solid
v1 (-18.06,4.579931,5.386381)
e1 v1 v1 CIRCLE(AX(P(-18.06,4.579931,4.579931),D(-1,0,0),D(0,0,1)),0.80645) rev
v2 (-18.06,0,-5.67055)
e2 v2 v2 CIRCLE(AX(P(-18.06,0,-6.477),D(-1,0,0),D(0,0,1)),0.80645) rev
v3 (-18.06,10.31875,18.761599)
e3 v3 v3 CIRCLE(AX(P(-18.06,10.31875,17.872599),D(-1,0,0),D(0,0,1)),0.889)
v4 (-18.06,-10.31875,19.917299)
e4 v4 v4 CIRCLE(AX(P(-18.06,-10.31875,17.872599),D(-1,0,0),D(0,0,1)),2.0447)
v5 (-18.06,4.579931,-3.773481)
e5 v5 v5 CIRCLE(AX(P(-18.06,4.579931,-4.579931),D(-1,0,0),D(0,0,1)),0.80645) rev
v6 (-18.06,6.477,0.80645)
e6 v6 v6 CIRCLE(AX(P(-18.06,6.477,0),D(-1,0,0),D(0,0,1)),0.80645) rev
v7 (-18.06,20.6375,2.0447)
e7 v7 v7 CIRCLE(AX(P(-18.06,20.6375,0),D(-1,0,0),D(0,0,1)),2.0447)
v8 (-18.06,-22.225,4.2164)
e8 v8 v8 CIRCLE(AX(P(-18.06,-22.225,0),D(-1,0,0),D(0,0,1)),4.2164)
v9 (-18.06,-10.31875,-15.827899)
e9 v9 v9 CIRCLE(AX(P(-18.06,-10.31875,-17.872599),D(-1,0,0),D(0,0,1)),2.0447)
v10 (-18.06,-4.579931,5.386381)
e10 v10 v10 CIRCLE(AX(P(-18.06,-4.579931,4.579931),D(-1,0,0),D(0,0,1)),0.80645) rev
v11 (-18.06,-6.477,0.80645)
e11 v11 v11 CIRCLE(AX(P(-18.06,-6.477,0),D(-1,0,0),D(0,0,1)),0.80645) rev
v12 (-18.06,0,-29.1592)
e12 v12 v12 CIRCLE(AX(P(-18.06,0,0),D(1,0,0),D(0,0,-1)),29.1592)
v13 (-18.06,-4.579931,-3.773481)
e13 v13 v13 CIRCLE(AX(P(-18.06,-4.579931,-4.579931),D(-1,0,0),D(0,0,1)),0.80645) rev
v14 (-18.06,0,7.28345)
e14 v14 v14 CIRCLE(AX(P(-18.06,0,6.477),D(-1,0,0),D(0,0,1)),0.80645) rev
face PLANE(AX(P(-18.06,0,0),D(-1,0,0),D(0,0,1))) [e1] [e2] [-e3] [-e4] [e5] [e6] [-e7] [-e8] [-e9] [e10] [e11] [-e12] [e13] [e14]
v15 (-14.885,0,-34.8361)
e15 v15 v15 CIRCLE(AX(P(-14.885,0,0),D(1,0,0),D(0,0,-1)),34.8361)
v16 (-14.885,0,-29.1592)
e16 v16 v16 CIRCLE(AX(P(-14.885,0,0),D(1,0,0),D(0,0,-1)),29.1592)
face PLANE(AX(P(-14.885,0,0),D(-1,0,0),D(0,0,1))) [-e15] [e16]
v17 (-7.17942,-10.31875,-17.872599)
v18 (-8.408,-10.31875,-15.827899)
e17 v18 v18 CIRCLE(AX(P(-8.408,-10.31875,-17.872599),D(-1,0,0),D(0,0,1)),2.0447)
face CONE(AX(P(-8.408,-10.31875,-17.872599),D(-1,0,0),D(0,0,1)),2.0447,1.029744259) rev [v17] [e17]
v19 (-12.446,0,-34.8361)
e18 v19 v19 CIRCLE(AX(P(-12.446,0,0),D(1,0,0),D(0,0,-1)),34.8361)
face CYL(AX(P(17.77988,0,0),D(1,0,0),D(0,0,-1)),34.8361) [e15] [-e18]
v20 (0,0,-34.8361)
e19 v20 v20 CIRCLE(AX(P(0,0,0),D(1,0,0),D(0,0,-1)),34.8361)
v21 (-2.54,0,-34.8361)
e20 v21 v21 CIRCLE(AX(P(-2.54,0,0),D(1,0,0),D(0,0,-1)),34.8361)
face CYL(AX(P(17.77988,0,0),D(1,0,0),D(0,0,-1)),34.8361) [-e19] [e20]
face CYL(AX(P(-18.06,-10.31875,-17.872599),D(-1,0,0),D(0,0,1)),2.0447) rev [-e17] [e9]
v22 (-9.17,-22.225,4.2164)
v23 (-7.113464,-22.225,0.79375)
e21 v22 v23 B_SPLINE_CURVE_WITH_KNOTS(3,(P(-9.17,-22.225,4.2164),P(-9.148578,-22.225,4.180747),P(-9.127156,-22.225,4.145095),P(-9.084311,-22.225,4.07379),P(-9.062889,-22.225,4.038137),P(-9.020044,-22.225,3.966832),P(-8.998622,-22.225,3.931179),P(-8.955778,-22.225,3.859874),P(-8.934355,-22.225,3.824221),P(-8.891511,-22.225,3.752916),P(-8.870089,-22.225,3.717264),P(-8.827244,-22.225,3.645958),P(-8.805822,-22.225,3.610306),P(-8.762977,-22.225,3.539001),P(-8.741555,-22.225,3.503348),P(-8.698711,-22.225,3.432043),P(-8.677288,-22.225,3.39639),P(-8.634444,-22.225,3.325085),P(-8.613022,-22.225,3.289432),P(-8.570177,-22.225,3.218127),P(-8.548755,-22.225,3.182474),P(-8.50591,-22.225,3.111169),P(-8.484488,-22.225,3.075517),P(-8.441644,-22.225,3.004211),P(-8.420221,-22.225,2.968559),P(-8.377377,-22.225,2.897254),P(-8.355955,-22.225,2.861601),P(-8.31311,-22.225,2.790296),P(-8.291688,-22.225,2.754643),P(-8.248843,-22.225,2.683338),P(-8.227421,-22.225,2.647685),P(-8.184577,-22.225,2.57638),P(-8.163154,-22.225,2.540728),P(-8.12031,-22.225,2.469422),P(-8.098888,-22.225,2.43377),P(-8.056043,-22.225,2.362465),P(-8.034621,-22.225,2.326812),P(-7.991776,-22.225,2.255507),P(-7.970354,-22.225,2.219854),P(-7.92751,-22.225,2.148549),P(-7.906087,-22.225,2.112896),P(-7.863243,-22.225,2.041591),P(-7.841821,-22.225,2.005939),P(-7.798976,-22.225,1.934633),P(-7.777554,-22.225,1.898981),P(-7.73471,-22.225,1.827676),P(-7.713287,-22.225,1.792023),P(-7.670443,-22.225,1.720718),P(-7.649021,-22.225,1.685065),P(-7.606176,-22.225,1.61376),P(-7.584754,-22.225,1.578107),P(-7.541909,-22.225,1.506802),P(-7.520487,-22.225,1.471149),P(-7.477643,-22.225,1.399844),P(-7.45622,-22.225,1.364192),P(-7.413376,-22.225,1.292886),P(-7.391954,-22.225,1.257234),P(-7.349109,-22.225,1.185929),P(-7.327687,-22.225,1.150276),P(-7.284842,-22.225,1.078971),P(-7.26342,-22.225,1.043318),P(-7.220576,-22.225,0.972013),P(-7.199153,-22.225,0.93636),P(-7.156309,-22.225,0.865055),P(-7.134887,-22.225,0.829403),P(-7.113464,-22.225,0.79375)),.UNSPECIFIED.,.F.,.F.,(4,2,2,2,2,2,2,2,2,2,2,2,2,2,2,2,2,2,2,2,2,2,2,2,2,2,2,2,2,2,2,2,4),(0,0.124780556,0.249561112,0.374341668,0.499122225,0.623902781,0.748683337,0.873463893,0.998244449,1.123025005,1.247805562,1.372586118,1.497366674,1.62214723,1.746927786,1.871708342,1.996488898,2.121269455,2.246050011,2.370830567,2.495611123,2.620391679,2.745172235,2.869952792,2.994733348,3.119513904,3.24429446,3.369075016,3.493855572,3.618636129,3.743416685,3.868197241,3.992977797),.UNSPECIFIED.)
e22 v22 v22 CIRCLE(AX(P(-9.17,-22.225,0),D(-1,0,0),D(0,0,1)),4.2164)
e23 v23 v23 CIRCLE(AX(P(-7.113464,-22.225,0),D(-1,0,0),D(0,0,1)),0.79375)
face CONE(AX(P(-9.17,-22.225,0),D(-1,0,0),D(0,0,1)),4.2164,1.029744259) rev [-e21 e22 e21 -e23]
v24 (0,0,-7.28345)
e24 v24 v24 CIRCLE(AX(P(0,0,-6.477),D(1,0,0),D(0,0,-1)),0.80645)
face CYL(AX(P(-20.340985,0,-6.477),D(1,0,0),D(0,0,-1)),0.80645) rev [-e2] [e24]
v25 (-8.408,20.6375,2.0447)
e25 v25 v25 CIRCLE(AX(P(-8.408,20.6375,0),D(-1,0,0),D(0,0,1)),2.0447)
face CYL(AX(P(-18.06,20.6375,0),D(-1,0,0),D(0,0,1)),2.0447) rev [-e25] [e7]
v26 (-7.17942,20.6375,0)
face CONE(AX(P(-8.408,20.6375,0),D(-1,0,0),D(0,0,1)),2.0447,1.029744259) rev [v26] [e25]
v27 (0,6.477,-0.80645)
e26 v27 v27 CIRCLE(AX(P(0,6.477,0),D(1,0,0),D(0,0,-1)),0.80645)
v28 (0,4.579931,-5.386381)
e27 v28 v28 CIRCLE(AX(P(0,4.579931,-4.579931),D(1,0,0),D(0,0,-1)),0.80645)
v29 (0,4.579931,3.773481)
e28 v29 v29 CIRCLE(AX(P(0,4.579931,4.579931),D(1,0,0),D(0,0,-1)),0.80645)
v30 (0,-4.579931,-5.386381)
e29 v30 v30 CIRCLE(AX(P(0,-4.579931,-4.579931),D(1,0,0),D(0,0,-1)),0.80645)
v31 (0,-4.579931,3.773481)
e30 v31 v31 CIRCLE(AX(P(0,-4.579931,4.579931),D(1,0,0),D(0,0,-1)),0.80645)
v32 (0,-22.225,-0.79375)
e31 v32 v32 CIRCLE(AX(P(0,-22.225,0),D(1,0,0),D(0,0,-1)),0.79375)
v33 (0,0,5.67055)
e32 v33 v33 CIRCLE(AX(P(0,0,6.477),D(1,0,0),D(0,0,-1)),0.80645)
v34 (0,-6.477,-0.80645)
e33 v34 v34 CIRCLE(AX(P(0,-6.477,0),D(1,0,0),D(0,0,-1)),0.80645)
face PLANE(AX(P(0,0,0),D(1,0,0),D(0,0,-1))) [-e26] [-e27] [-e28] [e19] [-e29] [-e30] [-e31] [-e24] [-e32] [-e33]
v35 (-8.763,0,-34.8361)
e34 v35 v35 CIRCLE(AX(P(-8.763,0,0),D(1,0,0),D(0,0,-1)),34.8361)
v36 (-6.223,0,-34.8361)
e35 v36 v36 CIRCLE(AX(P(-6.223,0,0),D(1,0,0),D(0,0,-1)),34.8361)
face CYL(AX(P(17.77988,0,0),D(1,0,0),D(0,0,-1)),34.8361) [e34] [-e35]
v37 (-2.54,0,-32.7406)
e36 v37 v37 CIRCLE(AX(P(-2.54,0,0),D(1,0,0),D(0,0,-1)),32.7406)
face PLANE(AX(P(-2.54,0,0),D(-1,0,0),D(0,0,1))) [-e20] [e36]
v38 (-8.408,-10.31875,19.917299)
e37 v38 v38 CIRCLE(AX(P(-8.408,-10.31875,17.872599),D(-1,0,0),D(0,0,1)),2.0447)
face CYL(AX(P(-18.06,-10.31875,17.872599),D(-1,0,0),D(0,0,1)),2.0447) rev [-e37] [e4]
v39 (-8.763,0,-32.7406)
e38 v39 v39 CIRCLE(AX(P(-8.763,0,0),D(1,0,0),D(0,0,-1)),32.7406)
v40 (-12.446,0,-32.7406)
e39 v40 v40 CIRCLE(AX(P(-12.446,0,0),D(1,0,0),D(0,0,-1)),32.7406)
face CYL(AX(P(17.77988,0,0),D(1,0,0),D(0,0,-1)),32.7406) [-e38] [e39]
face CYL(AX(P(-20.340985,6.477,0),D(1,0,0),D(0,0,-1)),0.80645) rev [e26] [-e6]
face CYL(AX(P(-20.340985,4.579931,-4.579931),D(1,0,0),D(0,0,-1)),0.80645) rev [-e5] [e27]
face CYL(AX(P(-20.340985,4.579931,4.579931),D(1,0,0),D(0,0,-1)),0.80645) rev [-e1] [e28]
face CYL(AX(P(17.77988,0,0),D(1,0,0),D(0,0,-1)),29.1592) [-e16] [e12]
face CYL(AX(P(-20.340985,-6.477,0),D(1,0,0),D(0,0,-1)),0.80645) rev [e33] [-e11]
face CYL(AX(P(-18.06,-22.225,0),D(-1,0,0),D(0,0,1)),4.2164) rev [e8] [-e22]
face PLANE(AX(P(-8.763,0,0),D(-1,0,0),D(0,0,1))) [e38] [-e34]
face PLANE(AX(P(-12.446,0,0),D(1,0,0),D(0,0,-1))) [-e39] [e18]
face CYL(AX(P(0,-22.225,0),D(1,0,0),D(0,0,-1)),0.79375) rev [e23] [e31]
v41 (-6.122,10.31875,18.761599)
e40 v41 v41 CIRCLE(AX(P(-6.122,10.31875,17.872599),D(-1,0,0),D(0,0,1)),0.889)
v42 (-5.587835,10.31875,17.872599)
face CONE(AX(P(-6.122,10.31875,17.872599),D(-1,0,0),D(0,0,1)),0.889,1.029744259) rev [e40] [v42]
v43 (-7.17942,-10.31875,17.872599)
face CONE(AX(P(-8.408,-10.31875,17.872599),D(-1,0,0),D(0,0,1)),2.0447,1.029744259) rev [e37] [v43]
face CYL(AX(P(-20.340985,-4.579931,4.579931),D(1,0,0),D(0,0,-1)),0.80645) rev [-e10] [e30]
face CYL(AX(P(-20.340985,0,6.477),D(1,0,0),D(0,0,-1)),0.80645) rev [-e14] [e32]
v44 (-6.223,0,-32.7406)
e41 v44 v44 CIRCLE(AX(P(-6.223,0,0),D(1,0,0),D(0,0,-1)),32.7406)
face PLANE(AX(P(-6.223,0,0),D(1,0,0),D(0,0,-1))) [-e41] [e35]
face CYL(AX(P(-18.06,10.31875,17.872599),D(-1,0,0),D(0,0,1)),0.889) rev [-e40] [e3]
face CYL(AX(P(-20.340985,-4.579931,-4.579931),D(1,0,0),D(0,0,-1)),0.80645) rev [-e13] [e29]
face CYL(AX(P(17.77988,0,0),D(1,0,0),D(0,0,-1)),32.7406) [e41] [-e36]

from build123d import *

# Parameters (mm, degrees)
CIRPATTERN2_COUNT              = 3
F_50_0_07_DIAMETER_HOLE1_D     = 1.778
F_50_0_07_DIAMETER_HOLE1_DEPTH = 11.938
F_50_0_07_DIAMETER_HOLE1_TIP   = 0.53416509
SKETCH60_R                     = 4.7625
BOSS_EXTRUDE4_DEPTH            = 5.461
CUT_EXTRUDE1_REACH             = 54.472
SKETCH54_R                     = 0.80645
F_1_16_0_0625_DIAMETER_HOLE1_D = 1.5875
Q_0_332_DIAMETER_HOLE2_D       = 8.4328
Q_0_332_DIAMETER_HOLE2_DEPTH   = 8.89
Q_0_332_DIAMETER_HOLE2_TIP     = 2.533468714


with BuildPart() as part:
    # Sketch1 → Revolve1 (revolve)
    with BuildSketch(Plane.XY, mode=Mode.PRIVATE) as revolve1_sk:
        Polygon((-12.599, 0), (0, 0), (0, 34.8361), (-2.54, 34.8361), (-2.54, 32.7406), (-6.223, 32.7406), (-6.223, 34.8361), (-8.763, 34.8361), (-8.763, 32.7406), (-12.446, 32.7406), (-12.446, 34.8361), (-14.885, 34.8361), (-14.885, 29.1592), (-18.06, 29.1592), (-18.06, 4.7625), (-12.599, 4.7625), align=None)
    revolve(revolve1_sk.sketch.rotate(Axis((17.779879847, 0, 0), (-1, 0, 0)), 90), axis=Axis((17.779879847, 0, 0), (-1, 0, 0)))

    # Sketch24 → #20 (0.161) Diameter Hole1 (revolve, cut)
    with BuildSketch(Plane(origin=(-18.06, 20.6375, 0), x_dir=(0, 0, 1), z_dir=(0, 1, 0))):
        Polygon((0, 0), (0, 10.880579708), (2.0447, 9.652), (2.0447, 0), align=None)
    f_20_0_161_diameter_hole1 = revolve(axis=Axis((-24.41, 20.6375, 0), (1, 0, 0)), mode=Mode.SUBTRACT)

    # CirPattern2: #20 (0.161) Diameter Hole1 ×3 about axis
    cirpattern2_axis = Axis((0, 0, 0), (1, 0, 0))
    for i in range(1, CIRPATTERN2_COUNT):
        add(f_20_0_161_diameter_hole1.rotate(cirpattern2_axis, i * 360 / CIRPATTERN2_COUNT), mode=Mode.SUBTRACT)

    # #50 (0.07) Diameter Hole1
    with Locations(Plane.ZY.offset(18.06)):
        with Locations((17.872599271, 10.31875)):
            Hole(F_50_0_07_DIAMETER_HOLE1_D / 2, depth=F_50_0_07_DIAMETER_HOLE1_DEPTH)
            with Locations((0, 0, -(F_50_0_07_DIAMETER_HOLE1_DEPTH + F_50_0_07_DIAMETER_HOLE1_TIP / 2))):  # 118° drill point
                Cone(0, F_50_0_07_DIAMETER_HOLE1_D / 2, F_50_0_07_DIAMETER_HOLE1_TIP, mode=Mode.SUBTRACT)

    # Sketch60 → Boss-Extrude4 (add)
    with BuildSketch(Plane.ZY.offset(12.599)):
        Circle(SKETCH60_R)
    extrude(amount=BOSS_EXTRUDE4_DEPTH)

    # Sketch54 → Cut-Extrude1 (cut, up to next)
    with BuildSketch(Plane(origin=(0, 0, 0), x_dir=(0, 0, -1), z_dir=(1, 0, 0)), mode=Mode.PRIVATE) as cut_extrude1_sk1:
        with Locations((0, 6.477)):
            Circle(SKETCH54_R)
    cut_extrude1_tool1 = extrude(cut_extrude1_sk1.sketch, amount=-CUT_EXTRUDE1_REACH, mode=Mode.PRIVATE) & part.part
    # Sketch54 → Cut-Extrude1 (cut, up to next)
    with BuildSketch(Plane(origin=(0, 0, 0), x_dir=(0, 0, -1), z_dir=(1, 0, 0)), mode=Mode.PRIVATE) as cut_extrude1_sk2:
        with Locations((4.579930622, 4.579930622)):
            Circle(SKETCH54_R)
    cut_extrude1_tool2 = extrude(cut_extrude1_sk2.sketch, amount=-CUT_EXTRUDE1_REACH, mode=Mode.PRIVATE) & part.part
    # Sketch54 → Cut-Extrude1 (cut, up to next)
    with BuildSketch(Plane(origin=(0, 0, 0), x_dir=(0, 0, -1), z_dir=(1, 0, 0)), mode=Mode.PRIVATE) as cut_extrude1_sk3:
        with Locations((6.477, 0)):
            Circle(SKETCH54_R)
    cut_extrude1_tool3 = extrude(cut_extrude1_sk3.sketch, amount=-CUT_EXTRUDE1_REACH, mode=Mode.PRIVATE) & part.part
    # Sketch54 → Cut-Extrude1 (cut, up to next)
    with BuildSketch(Plane(origin=(0, 0, 0), x_dir=(0, 0, -1), z_dir=(1, 0, 0)), mode=Mode.PRIVATE) as cut_extrude1_sk4:
        with Locations((4.579930622, -4.579930622)):
            Circle(SKETCH54_R)
    cut_extrude1_tool4 = extrude(cut_extrude1_sk4.sketch, amount=-CUT_EXTRUDE1_REACH, mode=Mode.PRIVATE) & part.part
    # Sketch54 → Cut-Extrude1 (cut, up to next)
    with BuildSketch(Plane(origin=(0, 0, 0), x_dir=(0, 0, -1), z_dir=(1, 0, 0)), mode=Mode.PRIVATE) as cut_extrude1_sk5:
        with Locations((0, -6.477)):
            Circle(SKETCH54_R)
    cut_extrude1_tool5 = extrude(cut_extrude1_sk5.sketch, amount=-CUT_EXTRUDE1_REACH, mode=Mode.PRIVATE) & part.part
    # Sketch54 → Cut-Extrude1 (cut, up to next)
    with BuildSketch(Plane(origin=(0, 0, 0), x_dir=(0, 0, -1), z_dir=(1, 0, 0)), mode=Mode.PRIVATE) as cut_extrude1_sk6:
        with Locations((-4.579930622, -4.579930622)):
            Circle(SKETCH54_R)
    cut_extrude1_tool6 = extrude(cut_extrude1_sk6.sketch, amount=-CUT_EXTRUDE1_REACH, mode=Mode.PRIVATE) & part.part
    # Sketch54 → Cut-Extrude1 (cut, up to next)
    with BuildSketch(Plane(origin=(0, 0, 0), x_dir=(0, 0, -1), z_dir=(1, 0, 0)), mode=Mode.PRIVATE) as cut_extrude1_sk7:
        with Locations((-6.477, 0)):
            Circle(SKETCH54_R)
    cut_extrude1_tool7 = extrude(cut_extrude1_sk7.sketch, amount=-CUT_EXTRUDE1_REACH, mode=Mode.PRIVATE) & part.part
    # Sketch54 → Cut-Extrude1 (cut, up to next)
    with BuildSketch(Plane(origin=(0, 0, 0), x_dir=(0, 0, -1), z_dir=(1, 0, 0)), mode=Mode.PRIVATE) as cut_extrude1_sk8:
        with Locations((-4.579930622, 4.579930622)):
            Circle(SKETCH54_R)
    cut_extrude1_tool8 = extrude(cut_extrude1_sk8.sketch, amount=-CUT_EXTRUDE1_REACH, mode=Mode.PRIVATE) & part.part
    add(cut_extrude1_tool1.solids().sort_by_distance((0, 6.477, 0))[0], mode=Mode.SUBTRACT)
    add(cut_extrude1_tool2.solids().sort_by_distance((0, 4.579931, -4.579931))[0], mode=Mode.SUBTRACT)
    add(cut_extrude1_tool3.solids().sort_by_distance((0, 0, -6.477))[0], mode=Mode.SUBTRACT)
    add(cut_extrude1_tool4.solids().sort_by_distance((0, -4.579931, -4.579931))[0], mode=Mode.SUBTRACT)
    add(cut_extrude1_tool5.solids().sort_by_distance((0, -6.477, 0))[0], mode=Mode.SUBTRACT)
    add(cut_extrude1_tool6.solids().sort_by_distance((0, -4.579931, 4.579931))[0], mode=Mode.SUBTRACT)
    add(cut_extrude1_tool7.solids().sort_by_distance((0, 0, 6.477))[0], mode=Mode.SUBTRACT)
    add(cut_extrude1_tool8.solids().sort_by_distance((0, 4.579931, 4.579931))[0], mode=Mode.SUBTRACT)

    # 1/16 (0.0625) Diameter Hole1 (through all)
    with Locations(Plane(origin=(0, -22.225, 0), x_dir=(0, 0, 1), z_dir=(1, 0, 0))):
        with Locations((0, 0)):
            Hole(F_1_16_0_0625_DIAMETER_HOLE1_D / 2)

    # Q (0.332) Diameter Hole2
    with Locations(Plane(origin=(-18.06, -22.225, 0), x_dir=(0, 0, -1), z_dir=(-1, 0, 0))):
        with Locations((0, 0)):
            Hole(Q_0_332_DIAMETER_HOLE2_D / 2, depth=Q_0_332_DIAMETER_HOLE2_DEPTH)
            with Locations((0, 0, -(Q_0_332_DIAMETER_HOLE2_DEPTH + Q_0_332_DIAMETER_HOLE2_TIP / 2))):  # 118° drill point
                Cone(0, Q_0_332_DIAMETER_HOLE2_D / 2, Q_0_332_DIAMETER_HOLE2_TIP, mode=Mode.SUBTRACT)


solid = part.part
